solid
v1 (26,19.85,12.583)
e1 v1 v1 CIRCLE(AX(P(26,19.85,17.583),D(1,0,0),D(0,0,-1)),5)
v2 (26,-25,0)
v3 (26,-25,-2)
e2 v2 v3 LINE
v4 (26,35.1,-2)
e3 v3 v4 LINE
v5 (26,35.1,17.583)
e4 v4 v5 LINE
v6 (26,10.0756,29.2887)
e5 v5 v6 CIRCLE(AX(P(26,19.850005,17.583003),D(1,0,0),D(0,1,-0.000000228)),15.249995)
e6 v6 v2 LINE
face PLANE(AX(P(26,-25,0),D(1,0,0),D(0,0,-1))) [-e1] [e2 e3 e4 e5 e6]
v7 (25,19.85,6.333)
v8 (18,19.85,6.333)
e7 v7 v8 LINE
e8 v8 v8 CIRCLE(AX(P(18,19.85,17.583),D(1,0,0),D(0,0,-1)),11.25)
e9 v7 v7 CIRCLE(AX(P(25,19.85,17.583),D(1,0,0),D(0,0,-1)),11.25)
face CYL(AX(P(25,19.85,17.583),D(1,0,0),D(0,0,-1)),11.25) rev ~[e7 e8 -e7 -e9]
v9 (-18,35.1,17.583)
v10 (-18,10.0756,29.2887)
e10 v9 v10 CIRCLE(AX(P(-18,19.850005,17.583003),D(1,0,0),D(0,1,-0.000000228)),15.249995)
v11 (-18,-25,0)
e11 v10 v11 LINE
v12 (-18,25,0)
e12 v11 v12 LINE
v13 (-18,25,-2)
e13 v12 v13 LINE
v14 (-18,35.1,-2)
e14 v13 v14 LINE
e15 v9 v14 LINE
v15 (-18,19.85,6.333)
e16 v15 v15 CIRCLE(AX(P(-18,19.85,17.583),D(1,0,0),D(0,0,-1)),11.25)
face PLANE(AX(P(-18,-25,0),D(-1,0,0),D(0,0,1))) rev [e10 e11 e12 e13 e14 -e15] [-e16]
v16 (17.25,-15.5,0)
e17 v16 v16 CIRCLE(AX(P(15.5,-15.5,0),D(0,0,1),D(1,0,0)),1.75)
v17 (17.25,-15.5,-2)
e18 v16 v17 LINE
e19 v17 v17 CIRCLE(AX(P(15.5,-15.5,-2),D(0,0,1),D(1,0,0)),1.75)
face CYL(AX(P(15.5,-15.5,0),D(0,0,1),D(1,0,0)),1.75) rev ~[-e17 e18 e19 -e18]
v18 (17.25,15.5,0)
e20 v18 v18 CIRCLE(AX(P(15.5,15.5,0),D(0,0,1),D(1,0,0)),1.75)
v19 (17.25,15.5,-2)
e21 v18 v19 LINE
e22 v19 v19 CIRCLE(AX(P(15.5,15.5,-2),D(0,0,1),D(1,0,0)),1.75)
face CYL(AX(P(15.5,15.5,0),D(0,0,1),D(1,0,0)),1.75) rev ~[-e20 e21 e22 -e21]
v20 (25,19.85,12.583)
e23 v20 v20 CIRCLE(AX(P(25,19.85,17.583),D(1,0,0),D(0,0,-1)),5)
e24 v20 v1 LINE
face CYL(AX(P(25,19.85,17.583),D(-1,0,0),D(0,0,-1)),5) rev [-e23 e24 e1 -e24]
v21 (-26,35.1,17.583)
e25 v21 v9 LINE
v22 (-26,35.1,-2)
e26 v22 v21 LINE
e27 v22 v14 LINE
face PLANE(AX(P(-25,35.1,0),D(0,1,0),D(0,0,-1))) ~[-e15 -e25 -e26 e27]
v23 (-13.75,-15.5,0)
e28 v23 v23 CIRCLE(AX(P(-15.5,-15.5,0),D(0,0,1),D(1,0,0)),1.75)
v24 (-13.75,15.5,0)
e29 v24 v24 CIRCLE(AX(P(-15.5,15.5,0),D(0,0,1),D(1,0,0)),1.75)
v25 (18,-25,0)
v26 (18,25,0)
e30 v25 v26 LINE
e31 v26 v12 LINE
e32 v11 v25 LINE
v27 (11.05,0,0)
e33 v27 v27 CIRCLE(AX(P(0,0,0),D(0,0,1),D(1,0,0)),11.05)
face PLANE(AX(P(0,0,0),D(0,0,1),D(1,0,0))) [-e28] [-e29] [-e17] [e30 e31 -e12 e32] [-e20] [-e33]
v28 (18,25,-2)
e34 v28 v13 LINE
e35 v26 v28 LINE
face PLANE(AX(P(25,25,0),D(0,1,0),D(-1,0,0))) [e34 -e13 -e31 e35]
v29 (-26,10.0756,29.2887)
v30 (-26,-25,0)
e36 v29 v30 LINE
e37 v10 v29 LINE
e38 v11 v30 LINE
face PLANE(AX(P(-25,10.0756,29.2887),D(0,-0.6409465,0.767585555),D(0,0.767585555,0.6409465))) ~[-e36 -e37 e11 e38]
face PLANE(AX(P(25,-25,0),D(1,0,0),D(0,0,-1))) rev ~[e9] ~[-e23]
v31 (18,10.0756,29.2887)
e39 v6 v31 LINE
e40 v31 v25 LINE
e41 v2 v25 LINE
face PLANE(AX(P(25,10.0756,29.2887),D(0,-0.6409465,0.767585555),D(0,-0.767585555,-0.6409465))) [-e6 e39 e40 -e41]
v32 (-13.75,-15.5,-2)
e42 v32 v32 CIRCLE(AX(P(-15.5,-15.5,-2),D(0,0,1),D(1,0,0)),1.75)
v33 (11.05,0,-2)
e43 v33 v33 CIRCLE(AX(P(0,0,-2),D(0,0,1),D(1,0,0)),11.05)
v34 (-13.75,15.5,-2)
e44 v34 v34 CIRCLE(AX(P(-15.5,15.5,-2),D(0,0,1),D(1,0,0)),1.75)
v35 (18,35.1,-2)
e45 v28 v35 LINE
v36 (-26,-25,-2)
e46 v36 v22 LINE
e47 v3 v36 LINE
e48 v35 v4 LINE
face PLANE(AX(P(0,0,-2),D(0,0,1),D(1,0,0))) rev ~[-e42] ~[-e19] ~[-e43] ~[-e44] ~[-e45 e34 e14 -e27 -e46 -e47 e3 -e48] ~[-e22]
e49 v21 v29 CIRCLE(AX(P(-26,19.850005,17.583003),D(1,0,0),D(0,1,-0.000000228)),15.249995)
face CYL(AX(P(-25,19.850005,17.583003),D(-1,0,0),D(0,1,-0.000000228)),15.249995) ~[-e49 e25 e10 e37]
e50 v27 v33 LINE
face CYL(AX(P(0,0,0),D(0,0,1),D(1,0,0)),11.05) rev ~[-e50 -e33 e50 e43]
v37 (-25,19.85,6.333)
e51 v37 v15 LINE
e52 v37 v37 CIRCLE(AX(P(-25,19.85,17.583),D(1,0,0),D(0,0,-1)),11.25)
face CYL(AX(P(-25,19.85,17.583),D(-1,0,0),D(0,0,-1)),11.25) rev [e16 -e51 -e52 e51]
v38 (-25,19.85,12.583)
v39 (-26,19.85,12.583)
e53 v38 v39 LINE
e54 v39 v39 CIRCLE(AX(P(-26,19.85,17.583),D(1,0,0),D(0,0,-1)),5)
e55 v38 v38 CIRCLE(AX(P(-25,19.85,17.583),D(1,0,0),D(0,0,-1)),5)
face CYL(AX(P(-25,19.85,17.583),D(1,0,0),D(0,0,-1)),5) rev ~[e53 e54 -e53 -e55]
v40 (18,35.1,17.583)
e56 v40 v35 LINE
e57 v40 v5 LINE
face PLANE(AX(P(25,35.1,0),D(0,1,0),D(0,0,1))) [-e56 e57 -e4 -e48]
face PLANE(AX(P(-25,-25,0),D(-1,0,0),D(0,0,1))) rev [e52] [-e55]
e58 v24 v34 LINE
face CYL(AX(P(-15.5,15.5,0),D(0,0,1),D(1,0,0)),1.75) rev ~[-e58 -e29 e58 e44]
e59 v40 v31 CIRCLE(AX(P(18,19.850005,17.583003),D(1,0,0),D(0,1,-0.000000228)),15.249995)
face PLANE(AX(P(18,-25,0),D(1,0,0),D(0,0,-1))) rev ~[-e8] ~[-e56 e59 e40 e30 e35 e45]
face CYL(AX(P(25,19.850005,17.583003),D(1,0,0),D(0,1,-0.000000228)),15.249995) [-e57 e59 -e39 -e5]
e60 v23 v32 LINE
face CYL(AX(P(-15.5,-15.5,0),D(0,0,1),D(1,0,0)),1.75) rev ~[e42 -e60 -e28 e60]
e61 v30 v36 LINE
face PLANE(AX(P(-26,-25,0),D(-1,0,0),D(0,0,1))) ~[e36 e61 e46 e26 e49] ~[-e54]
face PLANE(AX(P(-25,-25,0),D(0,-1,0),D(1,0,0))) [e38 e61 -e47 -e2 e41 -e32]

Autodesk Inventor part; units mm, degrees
ref_plane "YZ Plane" through (0, 0, 0) normal (1, 0, 0) x (0, 1, 0)
ref_plane "XZ Plane" through (0, 0, 0) normal (0, 1, 0) x (-1, 0, 0)
ref_plane "XY Plane" through (0, 0, 0) normal (0, 0, 1) x (1, 0, 0)
sketch "Sketch1" plane through (0, 0, 0) normal (0, 0, 1) x (1, 0, 0)
  circle A0 centre (-15.5, 15.5) radius 1.75
  circle A1 centre (15.5, 15.5) radius 1.75
  circle A2 centre (-15.5, -15.5) radius 1.75
  circle A3 centre (15.5, -15.5) radius 1.75
  circle A4 centre (0, 0) radius 11.05
  line L0 (-15.5, 15.5) -> (15.5, 15.5) construction
  line L1 (15.5, 15.5) -> (15.5, -15.5) construction
  line L2 (15.5, -15.5) -> (-15.5, -15.5) construction
  line L3 (-15.5, -15.5) -> (-15.5, 15.5) construction
  line L4 (-15.5, 15.5) -> (15.5, -15.5) construction
  line L5 (15.5, 15.5) -> (-15.5, -15.5) construction
  line L6 (-25, 25) -> (-25, -25)
  line L7 (-25, -25) -> (25, -25)
  line L8 (25, -25) -> (25, 25)
  line L9 (25, 25) -> (-25, 25)
  dimension "d0" = 22.1
  dimension "d1" = 31
  dimension "d2" = 31
  dimension "d3" = 3.5
  dimension "d4" = 50
  dimension "d5" = 50
extrude "Extrusion1" add sketch "Sketch1" against normal blind 2
sketch "Sketch2" plane through (25, -25, 0) normal (1, 0, 0) x (0, 0, -1)
  line L0 (0, 0) -> (0, 50) projected
  line L1 (0, 0) -> (2, 0) projected
  line L2 (2, 50) -> (2, 0) projected
  line L3 (0, 50) -> (2, 50) projected
  line L4 (0, 0) -> (0, 50) projected
  line L5 (0, 60.1) -> (-17.583, 60.1)
  line L6 (-29.2887, 35.0756) -> (0, 0)
  line L7 (0, 38.75) -> (0, 42.25) construction
  line L8 (0, 44.85) -> (-34.6915, 44.85) construction
  line L9 (2, 50) -> (2, 60.1)
  line L10 (2, 60.1) -> (0, 60.1)
  circle A0 centre (-17.583, 44.85) radius 5
  circle A1 centre (-17.583, 44.85) radius 11.25
  circle A2 centre (-17.583, 44.85) radius 13.25
  arc A3 (-17.583, 60.1) -> (-29.2887, 35.0756) centre (-17.583, 44.85) ccw
  point P0 (0, 25)
  dimension "d8" = 19.85
  dimension "d9" = 19.583
  dimension "d10" = 10
  dimension "d11" = 22.5
  dimension "d12" = 2
  dimension "d13" = 2
extrude "Extrusion2" add sketch "Sketch2" against normal blind 7 contours L6 A3 L5 L10 L9 L3 L0 | A2
extrude "Extrusion3" add sketch "Sketch2" along normal blind 1 contours L6 A3 L5 L10 L9 L3 L0 | L0 L3 L2 L1 | A1 | A2
mirror "Mirror1" about plane through (0, 0, 0) normal (1, 0, 0) of "Extrusion2", "Extrusion3"
properties part number "Worm Gear Box" material "PC/ABS Plastic"
